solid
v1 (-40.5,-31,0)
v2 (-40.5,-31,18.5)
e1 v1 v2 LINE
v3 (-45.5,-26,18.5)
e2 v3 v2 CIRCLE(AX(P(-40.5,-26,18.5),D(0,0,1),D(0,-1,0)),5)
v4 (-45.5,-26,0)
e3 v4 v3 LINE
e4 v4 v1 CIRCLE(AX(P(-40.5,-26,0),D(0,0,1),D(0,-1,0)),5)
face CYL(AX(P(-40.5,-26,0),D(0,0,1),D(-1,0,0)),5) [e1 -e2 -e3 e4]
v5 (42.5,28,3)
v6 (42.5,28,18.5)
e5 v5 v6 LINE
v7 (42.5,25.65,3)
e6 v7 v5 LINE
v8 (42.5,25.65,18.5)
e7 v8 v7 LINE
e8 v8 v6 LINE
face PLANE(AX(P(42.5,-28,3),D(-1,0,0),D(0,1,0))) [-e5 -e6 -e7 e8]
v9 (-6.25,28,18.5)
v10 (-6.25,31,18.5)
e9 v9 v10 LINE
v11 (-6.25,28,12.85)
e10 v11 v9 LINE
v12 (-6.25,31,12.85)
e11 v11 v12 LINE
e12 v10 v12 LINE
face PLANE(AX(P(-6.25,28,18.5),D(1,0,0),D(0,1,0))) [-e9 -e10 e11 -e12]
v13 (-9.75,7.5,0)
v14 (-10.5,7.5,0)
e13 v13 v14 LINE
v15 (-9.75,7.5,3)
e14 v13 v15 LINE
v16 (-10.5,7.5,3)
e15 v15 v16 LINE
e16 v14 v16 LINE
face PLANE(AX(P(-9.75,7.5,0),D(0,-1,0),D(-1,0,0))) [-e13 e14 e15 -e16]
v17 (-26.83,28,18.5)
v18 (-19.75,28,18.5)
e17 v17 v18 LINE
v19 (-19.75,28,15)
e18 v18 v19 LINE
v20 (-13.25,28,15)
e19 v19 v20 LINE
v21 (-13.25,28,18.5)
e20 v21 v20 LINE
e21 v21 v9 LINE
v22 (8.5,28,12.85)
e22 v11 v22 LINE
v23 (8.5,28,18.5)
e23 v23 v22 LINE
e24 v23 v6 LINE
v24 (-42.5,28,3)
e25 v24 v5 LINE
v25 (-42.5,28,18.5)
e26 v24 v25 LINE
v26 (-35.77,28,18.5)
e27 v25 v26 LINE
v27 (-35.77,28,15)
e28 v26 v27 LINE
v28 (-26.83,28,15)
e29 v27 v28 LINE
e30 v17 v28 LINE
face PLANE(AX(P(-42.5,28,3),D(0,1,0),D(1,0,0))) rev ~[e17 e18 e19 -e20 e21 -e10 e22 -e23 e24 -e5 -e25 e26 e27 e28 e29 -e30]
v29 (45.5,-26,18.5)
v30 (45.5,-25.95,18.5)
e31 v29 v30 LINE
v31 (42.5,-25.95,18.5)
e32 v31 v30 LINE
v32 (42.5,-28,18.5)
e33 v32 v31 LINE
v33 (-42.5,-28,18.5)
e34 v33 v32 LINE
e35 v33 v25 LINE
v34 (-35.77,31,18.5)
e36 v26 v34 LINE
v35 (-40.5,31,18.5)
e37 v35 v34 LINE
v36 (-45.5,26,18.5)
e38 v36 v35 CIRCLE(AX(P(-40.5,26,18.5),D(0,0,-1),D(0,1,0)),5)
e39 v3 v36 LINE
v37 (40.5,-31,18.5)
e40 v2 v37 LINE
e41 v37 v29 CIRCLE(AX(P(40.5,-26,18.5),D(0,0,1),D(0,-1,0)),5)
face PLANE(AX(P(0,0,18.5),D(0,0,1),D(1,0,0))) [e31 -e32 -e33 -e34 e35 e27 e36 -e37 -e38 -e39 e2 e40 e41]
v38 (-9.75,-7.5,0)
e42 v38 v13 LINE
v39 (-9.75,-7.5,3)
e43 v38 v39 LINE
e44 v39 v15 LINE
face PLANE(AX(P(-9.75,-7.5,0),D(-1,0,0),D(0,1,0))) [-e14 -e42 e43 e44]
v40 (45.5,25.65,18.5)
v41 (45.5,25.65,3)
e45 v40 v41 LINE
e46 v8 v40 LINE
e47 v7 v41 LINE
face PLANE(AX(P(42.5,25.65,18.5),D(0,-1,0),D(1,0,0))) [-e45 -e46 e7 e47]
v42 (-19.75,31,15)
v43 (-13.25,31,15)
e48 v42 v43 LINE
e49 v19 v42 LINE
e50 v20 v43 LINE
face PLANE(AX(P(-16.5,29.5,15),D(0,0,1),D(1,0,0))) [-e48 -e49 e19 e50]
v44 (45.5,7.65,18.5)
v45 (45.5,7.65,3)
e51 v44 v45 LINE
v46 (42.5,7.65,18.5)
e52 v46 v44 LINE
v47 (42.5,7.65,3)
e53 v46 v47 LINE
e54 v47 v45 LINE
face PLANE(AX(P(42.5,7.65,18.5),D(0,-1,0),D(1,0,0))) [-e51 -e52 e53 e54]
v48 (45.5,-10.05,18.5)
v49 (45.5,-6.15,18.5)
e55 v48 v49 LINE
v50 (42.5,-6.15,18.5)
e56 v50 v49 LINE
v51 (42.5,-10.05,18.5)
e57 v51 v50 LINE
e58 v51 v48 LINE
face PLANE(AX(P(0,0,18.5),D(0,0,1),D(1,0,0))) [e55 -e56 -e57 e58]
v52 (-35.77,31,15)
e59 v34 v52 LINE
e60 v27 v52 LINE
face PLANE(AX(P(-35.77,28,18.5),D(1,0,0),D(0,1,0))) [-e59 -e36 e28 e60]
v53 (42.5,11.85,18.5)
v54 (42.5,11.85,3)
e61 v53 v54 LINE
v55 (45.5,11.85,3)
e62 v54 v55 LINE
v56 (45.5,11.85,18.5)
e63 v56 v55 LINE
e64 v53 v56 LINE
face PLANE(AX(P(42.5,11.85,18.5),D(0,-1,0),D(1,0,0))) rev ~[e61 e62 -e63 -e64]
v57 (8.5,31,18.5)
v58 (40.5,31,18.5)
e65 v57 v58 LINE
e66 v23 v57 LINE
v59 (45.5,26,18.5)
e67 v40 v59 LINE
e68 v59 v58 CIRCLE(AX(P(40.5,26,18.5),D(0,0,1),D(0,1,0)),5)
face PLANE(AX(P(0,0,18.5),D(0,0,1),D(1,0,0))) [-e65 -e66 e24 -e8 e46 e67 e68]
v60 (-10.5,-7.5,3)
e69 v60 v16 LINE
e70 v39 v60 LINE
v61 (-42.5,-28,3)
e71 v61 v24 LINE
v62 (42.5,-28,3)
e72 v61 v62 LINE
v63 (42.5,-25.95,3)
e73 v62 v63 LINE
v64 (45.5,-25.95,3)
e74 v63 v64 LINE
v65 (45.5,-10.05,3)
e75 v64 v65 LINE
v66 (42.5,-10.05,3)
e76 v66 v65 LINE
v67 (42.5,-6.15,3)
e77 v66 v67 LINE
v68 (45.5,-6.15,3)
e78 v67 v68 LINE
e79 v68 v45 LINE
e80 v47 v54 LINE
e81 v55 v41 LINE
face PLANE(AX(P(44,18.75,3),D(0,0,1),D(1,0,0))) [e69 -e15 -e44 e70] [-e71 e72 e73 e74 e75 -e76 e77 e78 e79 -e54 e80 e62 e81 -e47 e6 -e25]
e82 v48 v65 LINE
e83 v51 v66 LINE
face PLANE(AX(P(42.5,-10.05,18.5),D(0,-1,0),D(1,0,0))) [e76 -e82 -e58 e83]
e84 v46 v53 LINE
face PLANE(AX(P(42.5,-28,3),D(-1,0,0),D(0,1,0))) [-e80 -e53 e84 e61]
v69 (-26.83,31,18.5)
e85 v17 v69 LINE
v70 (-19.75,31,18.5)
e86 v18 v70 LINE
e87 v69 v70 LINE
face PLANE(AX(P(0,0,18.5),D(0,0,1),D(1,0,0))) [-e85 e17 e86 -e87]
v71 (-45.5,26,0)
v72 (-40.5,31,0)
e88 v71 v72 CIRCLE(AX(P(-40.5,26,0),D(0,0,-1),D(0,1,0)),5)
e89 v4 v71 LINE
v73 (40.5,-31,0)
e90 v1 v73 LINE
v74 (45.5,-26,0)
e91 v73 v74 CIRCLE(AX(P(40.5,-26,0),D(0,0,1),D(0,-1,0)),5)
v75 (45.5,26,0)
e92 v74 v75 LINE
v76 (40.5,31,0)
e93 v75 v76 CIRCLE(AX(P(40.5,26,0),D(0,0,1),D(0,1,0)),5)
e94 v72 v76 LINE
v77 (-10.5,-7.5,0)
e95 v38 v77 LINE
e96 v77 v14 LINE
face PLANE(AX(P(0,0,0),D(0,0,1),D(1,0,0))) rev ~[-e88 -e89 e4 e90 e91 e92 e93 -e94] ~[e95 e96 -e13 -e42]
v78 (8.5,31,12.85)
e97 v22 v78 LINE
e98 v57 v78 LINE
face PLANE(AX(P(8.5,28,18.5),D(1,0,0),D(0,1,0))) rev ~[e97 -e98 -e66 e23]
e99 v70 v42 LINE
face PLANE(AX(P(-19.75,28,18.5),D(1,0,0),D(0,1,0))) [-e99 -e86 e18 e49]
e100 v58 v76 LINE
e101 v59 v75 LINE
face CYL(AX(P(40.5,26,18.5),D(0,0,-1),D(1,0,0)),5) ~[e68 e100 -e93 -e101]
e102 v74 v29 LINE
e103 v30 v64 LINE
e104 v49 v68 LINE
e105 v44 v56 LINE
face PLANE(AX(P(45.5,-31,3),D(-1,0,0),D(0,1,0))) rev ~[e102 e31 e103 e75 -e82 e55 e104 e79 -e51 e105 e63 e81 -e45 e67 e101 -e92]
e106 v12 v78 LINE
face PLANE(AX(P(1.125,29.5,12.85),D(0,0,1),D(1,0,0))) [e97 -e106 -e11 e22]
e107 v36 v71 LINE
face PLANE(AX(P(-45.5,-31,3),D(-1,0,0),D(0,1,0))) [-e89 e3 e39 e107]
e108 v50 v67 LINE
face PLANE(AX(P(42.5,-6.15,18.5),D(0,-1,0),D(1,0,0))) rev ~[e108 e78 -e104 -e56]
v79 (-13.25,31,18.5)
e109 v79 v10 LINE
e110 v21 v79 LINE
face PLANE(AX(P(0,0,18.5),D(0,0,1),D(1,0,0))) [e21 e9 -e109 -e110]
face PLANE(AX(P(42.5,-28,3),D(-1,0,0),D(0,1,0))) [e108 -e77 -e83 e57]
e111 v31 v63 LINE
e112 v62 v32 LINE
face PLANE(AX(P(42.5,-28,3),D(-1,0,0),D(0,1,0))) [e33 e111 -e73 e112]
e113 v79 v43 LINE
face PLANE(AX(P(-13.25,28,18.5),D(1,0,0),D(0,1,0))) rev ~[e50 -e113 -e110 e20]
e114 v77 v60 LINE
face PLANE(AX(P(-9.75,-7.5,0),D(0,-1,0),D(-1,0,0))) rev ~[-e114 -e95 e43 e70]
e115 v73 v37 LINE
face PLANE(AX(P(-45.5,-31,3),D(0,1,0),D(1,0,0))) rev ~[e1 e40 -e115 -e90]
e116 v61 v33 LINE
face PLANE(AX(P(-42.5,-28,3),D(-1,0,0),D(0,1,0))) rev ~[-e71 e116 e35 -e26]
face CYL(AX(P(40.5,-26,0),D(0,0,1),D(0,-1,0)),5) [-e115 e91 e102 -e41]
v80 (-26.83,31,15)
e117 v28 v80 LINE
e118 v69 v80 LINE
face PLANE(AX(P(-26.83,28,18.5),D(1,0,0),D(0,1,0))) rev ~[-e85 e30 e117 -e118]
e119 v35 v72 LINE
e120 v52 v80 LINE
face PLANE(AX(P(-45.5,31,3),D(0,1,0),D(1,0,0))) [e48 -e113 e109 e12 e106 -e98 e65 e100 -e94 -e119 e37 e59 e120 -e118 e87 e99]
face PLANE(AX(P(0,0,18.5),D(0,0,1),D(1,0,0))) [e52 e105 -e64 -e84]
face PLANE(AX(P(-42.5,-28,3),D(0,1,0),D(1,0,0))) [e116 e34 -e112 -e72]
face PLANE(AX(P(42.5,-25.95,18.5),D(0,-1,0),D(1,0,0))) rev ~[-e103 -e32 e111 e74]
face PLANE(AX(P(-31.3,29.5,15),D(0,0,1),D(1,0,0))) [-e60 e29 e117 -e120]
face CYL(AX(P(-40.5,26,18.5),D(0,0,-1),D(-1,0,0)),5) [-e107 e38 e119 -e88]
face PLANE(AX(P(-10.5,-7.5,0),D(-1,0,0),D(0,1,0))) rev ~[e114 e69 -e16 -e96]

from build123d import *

# Parameters (mm, degrees)
SKETCH1_W           = 91
SKETCH1_H           = 62
BOSS_EXTRUDE1_DEPTH = 3
SKETCH2_W           = 91
SKETCH2_H           = 62
SKETCH2_W_2         = 85
SKETCH2_H_2         = 56
BOSS_EXTRUDE2_DEPTH = 15.5
FILLET1_R           = 5
SKETCH3_W           = 3
SKETCH3_H           = 15.9
SKETCH3_H_2         = 13.8
CUT_EXTRUDE2_DEPTH  = 15.5
SKETCH4_W           = 8.94
SKETCH4_H           = 3
SKETCH4_W_2         = 6.5
CUT_EXTRUDE3_DEPTH  = 3.5
SKETCH5_W           = 14.75
SKETCH5_H           = 3
CUT_EXTRUDE4_DEPTH  = 5.65
SKETCH6_W           = 0.75
SKETCH6_H           = 15
CUT_EXTRUDE5_DEPTH  = 3


with BuildPart() as part:
    # Sketch1 → Boss-Extrude1 (new body)
    with BuildSketch(Plane.XY):
        Rectangle(SKETCH1_W, SKETCH1_H)
    extrude(amount=BOSS_EXTRUDE1_DEPTH)

    # Sketch2 → Boss-Extrude2 (add)
    with BuildSketch(Plane.XY.offset(3)):
        Rectangle(SKETCH2_W, SKETCH2_H)
        Rectangle(SKETCH2_W_2, SKETCH2_H_2, mode=Mode.SUBTRACT)
    extrude(amount=BOSS_EXTRUDE2_DEPTH)

    # Fillet1
    fillet1_edges = [part.edges().sort_by_distance(p)[0] for p in [
        (45.5, -31, 9.25),
        (-45.5, -31, 9.25),
        (-45.5, 31, 9.25),
        (45.5, 31, 9.25),
    ]]
    fillet(fillet1_edges, radius=FILLET1_R)

    # Sketch3 → Cut-Extrude2 (cut)
    with BuildSketch(Plane.XY.offset(18.5)):
        with Locations((44, -18)):
            Rectangle(SKETCH3_W, SKETCH3_H)
        with Locations((44, 0.75)):
            Rectangle(SKETCH3_W, SKETCH3_H_2)
        with Locations((44, 18.75)):
            Rectangle(SKETCH3_W, SKETCH3_H_2)
    extrude(amount=-CUT_EXTRUDE2_DEPTH, mode=Mode.SUBTRACT)

    # Sketch4 → Cut-Extrude3 (cut)
    with BuildSketch(Plane.XY.offset(18.5)):
        with Locations((-31.3, 29.5)):
            Rectangle(SKETCH4_W, SKETCH4_H)
        with Locations((-16.5, 29.5)):
            Rectangle(SKETCH4_W_2, SKETCH4_H)
        with Locations((-3, 29.5)):
            Rectangle(SKETCH4_W_2, SKETCH4_H)
    extrude(amount=-CUT_EXTRUDE3_DEPTH, mode=Mode.SUBTRACT)

    # Sketch5 → Cut-Extrude4 (cut)
    with BuildSketch(Plane.XY.offset(18.5)):
        with Locations((1.125, 29.5)):
            Rectangle(SKETCH5_W, SKETCH5_H)
    extrude(amount=-CUT_EXTRUDE4_DEPTH, mode=Mode.SUBTRACT)

    # Sketch6 → Cut-Extrude5 (cut)
    with BuildSketch(Plane(origin=(0, 0, 0), x_dir=(-1, 0, 0), z_dir=(0, 0, -1))):
        with Locations((10.125, 0)):
            Rectangle(SKETCH6_W, SKETCH6_H)
    extrude(amount=-CUT_EXTRUDE5_DEPTH, mode=Mode.SUBTRACT)


solid = part.part
